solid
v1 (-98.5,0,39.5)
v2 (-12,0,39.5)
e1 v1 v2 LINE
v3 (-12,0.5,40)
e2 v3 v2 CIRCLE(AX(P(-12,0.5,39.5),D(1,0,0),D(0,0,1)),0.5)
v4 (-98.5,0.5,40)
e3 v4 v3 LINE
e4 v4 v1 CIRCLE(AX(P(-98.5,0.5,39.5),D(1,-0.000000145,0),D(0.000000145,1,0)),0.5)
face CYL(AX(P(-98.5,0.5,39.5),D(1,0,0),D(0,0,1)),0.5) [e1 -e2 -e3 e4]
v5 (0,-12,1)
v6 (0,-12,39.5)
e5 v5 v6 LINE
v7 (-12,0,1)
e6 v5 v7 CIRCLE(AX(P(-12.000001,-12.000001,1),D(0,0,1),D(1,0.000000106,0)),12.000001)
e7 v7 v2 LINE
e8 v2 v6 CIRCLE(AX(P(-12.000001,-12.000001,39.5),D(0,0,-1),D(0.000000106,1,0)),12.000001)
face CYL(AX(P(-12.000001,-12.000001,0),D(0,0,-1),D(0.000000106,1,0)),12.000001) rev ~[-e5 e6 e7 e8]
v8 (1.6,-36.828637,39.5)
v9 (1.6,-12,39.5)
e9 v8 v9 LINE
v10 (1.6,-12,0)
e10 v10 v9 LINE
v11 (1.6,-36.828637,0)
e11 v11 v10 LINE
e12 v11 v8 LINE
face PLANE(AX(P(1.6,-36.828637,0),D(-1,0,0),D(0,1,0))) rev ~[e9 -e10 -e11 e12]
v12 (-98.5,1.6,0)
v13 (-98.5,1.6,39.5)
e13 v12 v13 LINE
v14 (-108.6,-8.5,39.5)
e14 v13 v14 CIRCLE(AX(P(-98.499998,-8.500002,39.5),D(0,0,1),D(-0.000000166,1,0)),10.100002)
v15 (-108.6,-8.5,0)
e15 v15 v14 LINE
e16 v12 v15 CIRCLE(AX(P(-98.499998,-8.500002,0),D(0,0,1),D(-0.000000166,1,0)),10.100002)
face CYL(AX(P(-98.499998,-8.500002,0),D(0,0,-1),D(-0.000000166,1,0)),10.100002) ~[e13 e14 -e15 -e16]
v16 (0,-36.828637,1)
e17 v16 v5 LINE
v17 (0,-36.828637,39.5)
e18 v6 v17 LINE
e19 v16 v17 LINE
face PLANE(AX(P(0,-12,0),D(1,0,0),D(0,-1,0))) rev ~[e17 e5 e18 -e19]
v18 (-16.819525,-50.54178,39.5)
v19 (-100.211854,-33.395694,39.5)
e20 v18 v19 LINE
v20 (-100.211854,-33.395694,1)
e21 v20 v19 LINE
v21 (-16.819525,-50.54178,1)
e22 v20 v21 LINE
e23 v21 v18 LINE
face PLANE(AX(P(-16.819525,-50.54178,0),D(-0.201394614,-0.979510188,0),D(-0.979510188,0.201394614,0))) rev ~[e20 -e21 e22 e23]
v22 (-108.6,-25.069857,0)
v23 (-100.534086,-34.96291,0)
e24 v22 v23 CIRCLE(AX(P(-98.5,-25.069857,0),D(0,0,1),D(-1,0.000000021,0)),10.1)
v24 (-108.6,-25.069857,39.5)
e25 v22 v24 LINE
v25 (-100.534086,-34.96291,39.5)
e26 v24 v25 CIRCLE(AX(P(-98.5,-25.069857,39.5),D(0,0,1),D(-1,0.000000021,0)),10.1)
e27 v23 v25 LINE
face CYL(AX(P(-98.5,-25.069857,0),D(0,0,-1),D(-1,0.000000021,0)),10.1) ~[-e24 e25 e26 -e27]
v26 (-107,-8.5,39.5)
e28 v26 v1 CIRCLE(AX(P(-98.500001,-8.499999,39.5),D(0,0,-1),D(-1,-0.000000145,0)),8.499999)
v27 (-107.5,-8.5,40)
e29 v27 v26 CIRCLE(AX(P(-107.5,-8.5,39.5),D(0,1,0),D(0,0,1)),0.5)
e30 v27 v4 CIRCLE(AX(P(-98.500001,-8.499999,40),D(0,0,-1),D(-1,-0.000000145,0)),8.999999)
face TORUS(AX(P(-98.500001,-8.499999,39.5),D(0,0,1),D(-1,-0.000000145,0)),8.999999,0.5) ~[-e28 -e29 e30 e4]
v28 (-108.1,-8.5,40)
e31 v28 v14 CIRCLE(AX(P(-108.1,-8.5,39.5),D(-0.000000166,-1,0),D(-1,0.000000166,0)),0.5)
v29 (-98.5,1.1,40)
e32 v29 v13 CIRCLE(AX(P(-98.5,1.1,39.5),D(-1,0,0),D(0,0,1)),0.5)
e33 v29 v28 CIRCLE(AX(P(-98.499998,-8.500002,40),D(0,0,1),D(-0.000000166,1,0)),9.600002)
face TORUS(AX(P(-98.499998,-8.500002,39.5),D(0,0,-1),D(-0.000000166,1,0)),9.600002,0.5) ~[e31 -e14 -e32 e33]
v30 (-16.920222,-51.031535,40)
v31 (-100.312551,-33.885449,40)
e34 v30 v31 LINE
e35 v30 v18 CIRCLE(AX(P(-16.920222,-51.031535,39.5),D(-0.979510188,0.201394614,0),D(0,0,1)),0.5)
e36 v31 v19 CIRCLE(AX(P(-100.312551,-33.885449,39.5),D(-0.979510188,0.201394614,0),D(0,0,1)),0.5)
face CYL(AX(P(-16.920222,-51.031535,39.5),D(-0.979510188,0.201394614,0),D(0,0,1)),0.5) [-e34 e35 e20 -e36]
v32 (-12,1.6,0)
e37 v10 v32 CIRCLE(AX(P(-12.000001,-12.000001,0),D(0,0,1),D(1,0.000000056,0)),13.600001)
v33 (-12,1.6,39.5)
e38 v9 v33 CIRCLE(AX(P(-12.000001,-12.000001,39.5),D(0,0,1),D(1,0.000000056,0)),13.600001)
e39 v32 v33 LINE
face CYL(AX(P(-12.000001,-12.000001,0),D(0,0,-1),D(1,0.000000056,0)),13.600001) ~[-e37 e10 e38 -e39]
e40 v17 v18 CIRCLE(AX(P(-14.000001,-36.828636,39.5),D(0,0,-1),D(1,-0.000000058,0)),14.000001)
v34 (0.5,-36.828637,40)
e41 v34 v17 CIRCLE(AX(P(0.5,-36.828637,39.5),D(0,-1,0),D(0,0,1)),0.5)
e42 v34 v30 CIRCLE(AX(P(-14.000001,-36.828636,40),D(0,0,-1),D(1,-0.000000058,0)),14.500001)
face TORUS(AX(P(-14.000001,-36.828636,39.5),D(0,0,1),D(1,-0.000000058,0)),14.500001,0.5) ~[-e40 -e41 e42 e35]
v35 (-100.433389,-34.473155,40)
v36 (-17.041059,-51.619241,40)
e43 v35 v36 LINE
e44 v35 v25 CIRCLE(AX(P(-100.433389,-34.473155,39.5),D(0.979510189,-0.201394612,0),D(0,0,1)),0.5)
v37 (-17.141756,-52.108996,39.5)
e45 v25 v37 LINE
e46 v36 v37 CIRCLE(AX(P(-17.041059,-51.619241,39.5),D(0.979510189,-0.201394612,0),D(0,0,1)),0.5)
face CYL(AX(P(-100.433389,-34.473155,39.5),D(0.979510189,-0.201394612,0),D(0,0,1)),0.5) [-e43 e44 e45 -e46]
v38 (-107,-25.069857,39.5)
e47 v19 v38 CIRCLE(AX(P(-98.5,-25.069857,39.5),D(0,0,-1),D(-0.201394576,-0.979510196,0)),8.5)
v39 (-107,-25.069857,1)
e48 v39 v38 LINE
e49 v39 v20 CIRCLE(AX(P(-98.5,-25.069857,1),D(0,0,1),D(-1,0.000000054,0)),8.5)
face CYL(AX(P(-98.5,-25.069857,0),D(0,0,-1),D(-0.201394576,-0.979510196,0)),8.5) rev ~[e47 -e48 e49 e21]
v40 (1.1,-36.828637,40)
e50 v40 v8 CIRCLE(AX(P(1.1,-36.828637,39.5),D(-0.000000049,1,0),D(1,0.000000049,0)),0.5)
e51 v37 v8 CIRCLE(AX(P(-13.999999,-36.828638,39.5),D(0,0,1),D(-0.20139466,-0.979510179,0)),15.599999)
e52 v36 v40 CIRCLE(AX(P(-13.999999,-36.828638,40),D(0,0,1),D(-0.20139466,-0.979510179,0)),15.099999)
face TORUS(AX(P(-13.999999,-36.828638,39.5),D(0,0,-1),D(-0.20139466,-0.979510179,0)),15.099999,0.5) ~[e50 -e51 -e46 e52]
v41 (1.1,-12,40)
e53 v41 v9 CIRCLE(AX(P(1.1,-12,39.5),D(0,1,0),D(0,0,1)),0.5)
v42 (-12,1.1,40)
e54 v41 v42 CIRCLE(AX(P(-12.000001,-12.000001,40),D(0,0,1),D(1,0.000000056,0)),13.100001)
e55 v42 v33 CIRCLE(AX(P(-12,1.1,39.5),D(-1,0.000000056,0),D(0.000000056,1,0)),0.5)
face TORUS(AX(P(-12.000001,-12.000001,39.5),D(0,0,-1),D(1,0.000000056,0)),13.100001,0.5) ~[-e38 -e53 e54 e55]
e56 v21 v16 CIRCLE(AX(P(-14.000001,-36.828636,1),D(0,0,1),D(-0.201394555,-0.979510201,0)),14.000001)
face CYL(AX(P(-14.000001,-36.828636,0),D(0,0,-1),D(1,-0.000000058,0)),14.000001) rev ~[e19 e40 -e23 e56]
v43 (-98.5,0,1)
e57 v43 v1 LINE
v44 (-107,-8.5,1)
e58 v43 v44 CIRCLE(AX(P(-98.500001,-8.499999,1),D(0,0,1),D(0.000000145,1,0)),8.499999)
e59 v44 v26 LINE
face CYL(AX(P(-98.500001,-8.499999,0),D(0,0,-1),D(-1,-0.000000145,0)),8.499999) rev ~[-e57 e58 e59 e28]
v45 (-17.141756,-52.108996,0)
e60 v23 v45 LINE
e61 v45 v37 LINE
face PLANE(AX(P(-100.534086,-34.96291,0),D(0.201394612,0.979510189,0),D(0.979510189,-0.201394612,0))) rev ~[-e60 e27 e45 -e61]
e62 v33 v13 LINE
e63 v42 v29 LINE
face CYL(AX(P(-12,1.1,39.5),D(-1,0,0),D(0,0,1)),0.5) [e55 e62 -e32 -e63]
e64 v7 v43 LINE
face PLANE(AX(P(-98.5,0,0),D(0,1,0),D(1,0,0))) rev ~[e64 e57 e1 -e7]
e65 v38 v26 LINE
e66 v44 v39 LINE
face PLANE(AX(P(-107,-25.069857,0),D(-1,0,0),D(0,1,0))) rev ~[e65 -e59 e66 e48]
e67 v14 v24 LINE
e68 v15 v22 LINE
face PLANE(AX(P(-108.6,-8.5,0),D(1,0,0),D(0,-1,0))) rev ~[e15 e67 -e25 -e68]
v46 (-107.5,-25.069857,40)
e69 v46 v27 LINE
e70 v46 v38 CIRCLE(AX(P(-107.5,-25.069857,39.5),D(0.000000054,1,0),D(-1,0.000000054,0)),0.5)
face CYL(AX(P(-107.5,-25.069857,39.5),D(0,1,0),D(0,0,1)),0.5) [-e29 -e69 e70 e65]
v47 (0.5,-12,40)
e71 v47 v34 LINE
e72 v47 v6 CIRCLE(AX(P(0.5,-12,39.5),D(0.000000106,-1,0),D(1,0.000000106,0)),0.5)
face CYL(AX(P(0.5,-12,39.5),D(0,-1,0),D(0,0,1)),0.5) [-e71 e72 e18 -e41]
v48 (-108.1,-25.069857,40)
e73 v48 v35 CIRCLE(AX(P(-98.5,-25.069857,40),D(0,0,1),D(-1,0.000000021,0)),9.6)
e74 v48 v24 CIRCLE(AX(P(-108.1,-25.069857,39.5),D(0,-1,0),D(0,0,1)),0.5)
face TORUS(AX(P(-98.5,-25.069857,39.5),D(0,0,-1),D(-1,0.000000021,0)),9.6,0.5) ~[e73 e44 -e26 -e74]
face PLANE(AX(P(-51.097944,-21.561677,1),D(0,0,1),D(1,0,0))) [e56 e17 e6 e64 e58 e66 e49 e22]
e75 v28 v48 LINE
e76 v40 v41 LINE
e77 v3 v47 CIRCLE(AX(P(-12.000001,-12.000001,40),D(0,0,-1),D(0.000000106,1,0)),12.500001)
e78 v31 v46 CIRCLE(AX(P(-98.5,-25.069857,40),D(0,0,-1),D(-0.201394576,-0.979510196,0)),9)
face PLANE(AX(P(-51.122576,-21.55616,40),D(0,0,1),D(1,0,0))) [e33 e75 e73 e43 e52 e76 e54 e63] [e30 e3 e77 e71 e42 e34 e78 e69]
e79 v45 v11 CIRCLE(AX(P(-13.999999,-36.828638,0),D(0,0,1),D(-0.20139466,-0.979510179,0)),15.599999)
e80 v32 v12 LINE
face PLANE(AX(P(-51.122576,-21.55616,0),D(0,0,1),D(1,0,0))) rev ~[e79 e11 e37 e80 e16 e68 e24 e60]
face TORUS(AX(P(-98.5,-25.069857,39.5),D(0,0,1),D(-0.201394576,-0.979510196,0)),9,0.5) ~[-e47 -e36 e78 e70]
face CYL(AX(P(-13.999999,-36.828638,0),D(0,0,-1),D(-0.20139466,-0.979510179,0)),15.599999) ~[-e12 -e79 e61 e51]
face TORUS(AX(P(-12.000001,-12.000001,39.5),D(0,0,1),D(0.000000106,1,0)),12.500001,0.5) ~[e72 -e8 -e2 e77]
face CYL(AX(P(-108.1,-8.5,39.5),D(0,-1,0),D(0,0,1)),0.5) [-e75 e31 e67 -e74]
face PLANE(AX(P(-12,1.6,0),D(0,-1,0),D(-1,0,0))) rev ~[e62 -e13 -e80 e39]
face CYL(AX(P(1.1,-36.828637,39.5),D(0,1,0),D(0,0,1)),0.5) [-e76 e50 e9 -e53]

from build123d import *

# Parameters (mm, degrees)
F1_DEPTH = 1
F2_DEPTH = 40
F3_R     = 0.5


with BuildPart() as f1:
    # F0 (on Top) → F1 (new body)
    with BuildSketch(Plane.XY):
        with BuildLine():
            ThreePointArc((0, -12), (-3.514719, -3.514719), (-12, 0))
            Line((-12, 0), (-98.5, 0))
            ThreePointArc((-98.5, 0), (-104.510408, -2.489592), (-107, -8.5))
            Line((-107, -8.5), (-107, -25.069857))
            ThreePointArc((-107, -25.069857), (-105.087897, -30.441041), (-100.211854, -33.395694))
            Line((-100.211854, -33.395694), (-16.819525, -50.54178))
            ThreePointArc((-16.819525, -50.54178), (-5.153344, -47.67929), (0, -36.828637))
            Line((0, -36.828637), (0, -12))
        make_face()
    extrude(amount=F1_DEPTH)

    # F0 (on Top) → F2 (join)
    with BuildSketch(Plane.XY):
        with BuildLine():
            Line((1.6, -36.828637), (1.6, -12))
            ThreePointArc((1.6, -12), (-2.383348, -2.383348), (-12, 1.6))
            Line((-12, 1.6), (-98.5, 1.6))
            ThreePointArc((-98.5, 1.6), (-105.641778, -1.358222), (-108.6, -8.5))
            Line((-108.6, -8.5), (-108.6, -25.069857))
            ThreePointArc((-108.6, -25.069857), (-106.327971, -31.452088), (-100.534086, -34.96291))
            Line((-100.534086, -34.96291), (-17.141756, -52.108996))
            ThreePointArc((-17.141756, -52.108996), (-4.142297, -48.919365), (1.6, -36.828637))
        make_face()
        with BuildLine():
            Line((-98.5, 0), (-12, 0))
            ThreePointArc((-12, 0), (-3.514719, -3.514719), (0, -12))
            Line((0, -12), (0, -36.828637))
            ThreePointArc((0, -36.828637), (-5.153344, -47.67929), (-16.819525, -50.54178))
            Line((-16.819525, -50.54178), (-100.211854, -33.395694))
            ThreePointArc((-100.211854, -33.395694), (-105.087897, -30.441041), (-107, -25.069857))
            Line((-107, -25.069857), (-107, -8.5))
            ThreePointArc((-107, -8.5), (-104.510408, -2.489592), (-98.5, 0))
        make_face(mode=Mode.SUBTRACT)
    extrude(amount=F2_DEPTH)

    # F3
    f3_edges = [f1.edges().sort_by_distance(p)[0] for p in [
        (-58.837921, -43.535953, 40),
        (-58.515689, -41.968737, 40),
    ]]
    fillet(f3_edges, radius=F3_R)


solid = f1.part
